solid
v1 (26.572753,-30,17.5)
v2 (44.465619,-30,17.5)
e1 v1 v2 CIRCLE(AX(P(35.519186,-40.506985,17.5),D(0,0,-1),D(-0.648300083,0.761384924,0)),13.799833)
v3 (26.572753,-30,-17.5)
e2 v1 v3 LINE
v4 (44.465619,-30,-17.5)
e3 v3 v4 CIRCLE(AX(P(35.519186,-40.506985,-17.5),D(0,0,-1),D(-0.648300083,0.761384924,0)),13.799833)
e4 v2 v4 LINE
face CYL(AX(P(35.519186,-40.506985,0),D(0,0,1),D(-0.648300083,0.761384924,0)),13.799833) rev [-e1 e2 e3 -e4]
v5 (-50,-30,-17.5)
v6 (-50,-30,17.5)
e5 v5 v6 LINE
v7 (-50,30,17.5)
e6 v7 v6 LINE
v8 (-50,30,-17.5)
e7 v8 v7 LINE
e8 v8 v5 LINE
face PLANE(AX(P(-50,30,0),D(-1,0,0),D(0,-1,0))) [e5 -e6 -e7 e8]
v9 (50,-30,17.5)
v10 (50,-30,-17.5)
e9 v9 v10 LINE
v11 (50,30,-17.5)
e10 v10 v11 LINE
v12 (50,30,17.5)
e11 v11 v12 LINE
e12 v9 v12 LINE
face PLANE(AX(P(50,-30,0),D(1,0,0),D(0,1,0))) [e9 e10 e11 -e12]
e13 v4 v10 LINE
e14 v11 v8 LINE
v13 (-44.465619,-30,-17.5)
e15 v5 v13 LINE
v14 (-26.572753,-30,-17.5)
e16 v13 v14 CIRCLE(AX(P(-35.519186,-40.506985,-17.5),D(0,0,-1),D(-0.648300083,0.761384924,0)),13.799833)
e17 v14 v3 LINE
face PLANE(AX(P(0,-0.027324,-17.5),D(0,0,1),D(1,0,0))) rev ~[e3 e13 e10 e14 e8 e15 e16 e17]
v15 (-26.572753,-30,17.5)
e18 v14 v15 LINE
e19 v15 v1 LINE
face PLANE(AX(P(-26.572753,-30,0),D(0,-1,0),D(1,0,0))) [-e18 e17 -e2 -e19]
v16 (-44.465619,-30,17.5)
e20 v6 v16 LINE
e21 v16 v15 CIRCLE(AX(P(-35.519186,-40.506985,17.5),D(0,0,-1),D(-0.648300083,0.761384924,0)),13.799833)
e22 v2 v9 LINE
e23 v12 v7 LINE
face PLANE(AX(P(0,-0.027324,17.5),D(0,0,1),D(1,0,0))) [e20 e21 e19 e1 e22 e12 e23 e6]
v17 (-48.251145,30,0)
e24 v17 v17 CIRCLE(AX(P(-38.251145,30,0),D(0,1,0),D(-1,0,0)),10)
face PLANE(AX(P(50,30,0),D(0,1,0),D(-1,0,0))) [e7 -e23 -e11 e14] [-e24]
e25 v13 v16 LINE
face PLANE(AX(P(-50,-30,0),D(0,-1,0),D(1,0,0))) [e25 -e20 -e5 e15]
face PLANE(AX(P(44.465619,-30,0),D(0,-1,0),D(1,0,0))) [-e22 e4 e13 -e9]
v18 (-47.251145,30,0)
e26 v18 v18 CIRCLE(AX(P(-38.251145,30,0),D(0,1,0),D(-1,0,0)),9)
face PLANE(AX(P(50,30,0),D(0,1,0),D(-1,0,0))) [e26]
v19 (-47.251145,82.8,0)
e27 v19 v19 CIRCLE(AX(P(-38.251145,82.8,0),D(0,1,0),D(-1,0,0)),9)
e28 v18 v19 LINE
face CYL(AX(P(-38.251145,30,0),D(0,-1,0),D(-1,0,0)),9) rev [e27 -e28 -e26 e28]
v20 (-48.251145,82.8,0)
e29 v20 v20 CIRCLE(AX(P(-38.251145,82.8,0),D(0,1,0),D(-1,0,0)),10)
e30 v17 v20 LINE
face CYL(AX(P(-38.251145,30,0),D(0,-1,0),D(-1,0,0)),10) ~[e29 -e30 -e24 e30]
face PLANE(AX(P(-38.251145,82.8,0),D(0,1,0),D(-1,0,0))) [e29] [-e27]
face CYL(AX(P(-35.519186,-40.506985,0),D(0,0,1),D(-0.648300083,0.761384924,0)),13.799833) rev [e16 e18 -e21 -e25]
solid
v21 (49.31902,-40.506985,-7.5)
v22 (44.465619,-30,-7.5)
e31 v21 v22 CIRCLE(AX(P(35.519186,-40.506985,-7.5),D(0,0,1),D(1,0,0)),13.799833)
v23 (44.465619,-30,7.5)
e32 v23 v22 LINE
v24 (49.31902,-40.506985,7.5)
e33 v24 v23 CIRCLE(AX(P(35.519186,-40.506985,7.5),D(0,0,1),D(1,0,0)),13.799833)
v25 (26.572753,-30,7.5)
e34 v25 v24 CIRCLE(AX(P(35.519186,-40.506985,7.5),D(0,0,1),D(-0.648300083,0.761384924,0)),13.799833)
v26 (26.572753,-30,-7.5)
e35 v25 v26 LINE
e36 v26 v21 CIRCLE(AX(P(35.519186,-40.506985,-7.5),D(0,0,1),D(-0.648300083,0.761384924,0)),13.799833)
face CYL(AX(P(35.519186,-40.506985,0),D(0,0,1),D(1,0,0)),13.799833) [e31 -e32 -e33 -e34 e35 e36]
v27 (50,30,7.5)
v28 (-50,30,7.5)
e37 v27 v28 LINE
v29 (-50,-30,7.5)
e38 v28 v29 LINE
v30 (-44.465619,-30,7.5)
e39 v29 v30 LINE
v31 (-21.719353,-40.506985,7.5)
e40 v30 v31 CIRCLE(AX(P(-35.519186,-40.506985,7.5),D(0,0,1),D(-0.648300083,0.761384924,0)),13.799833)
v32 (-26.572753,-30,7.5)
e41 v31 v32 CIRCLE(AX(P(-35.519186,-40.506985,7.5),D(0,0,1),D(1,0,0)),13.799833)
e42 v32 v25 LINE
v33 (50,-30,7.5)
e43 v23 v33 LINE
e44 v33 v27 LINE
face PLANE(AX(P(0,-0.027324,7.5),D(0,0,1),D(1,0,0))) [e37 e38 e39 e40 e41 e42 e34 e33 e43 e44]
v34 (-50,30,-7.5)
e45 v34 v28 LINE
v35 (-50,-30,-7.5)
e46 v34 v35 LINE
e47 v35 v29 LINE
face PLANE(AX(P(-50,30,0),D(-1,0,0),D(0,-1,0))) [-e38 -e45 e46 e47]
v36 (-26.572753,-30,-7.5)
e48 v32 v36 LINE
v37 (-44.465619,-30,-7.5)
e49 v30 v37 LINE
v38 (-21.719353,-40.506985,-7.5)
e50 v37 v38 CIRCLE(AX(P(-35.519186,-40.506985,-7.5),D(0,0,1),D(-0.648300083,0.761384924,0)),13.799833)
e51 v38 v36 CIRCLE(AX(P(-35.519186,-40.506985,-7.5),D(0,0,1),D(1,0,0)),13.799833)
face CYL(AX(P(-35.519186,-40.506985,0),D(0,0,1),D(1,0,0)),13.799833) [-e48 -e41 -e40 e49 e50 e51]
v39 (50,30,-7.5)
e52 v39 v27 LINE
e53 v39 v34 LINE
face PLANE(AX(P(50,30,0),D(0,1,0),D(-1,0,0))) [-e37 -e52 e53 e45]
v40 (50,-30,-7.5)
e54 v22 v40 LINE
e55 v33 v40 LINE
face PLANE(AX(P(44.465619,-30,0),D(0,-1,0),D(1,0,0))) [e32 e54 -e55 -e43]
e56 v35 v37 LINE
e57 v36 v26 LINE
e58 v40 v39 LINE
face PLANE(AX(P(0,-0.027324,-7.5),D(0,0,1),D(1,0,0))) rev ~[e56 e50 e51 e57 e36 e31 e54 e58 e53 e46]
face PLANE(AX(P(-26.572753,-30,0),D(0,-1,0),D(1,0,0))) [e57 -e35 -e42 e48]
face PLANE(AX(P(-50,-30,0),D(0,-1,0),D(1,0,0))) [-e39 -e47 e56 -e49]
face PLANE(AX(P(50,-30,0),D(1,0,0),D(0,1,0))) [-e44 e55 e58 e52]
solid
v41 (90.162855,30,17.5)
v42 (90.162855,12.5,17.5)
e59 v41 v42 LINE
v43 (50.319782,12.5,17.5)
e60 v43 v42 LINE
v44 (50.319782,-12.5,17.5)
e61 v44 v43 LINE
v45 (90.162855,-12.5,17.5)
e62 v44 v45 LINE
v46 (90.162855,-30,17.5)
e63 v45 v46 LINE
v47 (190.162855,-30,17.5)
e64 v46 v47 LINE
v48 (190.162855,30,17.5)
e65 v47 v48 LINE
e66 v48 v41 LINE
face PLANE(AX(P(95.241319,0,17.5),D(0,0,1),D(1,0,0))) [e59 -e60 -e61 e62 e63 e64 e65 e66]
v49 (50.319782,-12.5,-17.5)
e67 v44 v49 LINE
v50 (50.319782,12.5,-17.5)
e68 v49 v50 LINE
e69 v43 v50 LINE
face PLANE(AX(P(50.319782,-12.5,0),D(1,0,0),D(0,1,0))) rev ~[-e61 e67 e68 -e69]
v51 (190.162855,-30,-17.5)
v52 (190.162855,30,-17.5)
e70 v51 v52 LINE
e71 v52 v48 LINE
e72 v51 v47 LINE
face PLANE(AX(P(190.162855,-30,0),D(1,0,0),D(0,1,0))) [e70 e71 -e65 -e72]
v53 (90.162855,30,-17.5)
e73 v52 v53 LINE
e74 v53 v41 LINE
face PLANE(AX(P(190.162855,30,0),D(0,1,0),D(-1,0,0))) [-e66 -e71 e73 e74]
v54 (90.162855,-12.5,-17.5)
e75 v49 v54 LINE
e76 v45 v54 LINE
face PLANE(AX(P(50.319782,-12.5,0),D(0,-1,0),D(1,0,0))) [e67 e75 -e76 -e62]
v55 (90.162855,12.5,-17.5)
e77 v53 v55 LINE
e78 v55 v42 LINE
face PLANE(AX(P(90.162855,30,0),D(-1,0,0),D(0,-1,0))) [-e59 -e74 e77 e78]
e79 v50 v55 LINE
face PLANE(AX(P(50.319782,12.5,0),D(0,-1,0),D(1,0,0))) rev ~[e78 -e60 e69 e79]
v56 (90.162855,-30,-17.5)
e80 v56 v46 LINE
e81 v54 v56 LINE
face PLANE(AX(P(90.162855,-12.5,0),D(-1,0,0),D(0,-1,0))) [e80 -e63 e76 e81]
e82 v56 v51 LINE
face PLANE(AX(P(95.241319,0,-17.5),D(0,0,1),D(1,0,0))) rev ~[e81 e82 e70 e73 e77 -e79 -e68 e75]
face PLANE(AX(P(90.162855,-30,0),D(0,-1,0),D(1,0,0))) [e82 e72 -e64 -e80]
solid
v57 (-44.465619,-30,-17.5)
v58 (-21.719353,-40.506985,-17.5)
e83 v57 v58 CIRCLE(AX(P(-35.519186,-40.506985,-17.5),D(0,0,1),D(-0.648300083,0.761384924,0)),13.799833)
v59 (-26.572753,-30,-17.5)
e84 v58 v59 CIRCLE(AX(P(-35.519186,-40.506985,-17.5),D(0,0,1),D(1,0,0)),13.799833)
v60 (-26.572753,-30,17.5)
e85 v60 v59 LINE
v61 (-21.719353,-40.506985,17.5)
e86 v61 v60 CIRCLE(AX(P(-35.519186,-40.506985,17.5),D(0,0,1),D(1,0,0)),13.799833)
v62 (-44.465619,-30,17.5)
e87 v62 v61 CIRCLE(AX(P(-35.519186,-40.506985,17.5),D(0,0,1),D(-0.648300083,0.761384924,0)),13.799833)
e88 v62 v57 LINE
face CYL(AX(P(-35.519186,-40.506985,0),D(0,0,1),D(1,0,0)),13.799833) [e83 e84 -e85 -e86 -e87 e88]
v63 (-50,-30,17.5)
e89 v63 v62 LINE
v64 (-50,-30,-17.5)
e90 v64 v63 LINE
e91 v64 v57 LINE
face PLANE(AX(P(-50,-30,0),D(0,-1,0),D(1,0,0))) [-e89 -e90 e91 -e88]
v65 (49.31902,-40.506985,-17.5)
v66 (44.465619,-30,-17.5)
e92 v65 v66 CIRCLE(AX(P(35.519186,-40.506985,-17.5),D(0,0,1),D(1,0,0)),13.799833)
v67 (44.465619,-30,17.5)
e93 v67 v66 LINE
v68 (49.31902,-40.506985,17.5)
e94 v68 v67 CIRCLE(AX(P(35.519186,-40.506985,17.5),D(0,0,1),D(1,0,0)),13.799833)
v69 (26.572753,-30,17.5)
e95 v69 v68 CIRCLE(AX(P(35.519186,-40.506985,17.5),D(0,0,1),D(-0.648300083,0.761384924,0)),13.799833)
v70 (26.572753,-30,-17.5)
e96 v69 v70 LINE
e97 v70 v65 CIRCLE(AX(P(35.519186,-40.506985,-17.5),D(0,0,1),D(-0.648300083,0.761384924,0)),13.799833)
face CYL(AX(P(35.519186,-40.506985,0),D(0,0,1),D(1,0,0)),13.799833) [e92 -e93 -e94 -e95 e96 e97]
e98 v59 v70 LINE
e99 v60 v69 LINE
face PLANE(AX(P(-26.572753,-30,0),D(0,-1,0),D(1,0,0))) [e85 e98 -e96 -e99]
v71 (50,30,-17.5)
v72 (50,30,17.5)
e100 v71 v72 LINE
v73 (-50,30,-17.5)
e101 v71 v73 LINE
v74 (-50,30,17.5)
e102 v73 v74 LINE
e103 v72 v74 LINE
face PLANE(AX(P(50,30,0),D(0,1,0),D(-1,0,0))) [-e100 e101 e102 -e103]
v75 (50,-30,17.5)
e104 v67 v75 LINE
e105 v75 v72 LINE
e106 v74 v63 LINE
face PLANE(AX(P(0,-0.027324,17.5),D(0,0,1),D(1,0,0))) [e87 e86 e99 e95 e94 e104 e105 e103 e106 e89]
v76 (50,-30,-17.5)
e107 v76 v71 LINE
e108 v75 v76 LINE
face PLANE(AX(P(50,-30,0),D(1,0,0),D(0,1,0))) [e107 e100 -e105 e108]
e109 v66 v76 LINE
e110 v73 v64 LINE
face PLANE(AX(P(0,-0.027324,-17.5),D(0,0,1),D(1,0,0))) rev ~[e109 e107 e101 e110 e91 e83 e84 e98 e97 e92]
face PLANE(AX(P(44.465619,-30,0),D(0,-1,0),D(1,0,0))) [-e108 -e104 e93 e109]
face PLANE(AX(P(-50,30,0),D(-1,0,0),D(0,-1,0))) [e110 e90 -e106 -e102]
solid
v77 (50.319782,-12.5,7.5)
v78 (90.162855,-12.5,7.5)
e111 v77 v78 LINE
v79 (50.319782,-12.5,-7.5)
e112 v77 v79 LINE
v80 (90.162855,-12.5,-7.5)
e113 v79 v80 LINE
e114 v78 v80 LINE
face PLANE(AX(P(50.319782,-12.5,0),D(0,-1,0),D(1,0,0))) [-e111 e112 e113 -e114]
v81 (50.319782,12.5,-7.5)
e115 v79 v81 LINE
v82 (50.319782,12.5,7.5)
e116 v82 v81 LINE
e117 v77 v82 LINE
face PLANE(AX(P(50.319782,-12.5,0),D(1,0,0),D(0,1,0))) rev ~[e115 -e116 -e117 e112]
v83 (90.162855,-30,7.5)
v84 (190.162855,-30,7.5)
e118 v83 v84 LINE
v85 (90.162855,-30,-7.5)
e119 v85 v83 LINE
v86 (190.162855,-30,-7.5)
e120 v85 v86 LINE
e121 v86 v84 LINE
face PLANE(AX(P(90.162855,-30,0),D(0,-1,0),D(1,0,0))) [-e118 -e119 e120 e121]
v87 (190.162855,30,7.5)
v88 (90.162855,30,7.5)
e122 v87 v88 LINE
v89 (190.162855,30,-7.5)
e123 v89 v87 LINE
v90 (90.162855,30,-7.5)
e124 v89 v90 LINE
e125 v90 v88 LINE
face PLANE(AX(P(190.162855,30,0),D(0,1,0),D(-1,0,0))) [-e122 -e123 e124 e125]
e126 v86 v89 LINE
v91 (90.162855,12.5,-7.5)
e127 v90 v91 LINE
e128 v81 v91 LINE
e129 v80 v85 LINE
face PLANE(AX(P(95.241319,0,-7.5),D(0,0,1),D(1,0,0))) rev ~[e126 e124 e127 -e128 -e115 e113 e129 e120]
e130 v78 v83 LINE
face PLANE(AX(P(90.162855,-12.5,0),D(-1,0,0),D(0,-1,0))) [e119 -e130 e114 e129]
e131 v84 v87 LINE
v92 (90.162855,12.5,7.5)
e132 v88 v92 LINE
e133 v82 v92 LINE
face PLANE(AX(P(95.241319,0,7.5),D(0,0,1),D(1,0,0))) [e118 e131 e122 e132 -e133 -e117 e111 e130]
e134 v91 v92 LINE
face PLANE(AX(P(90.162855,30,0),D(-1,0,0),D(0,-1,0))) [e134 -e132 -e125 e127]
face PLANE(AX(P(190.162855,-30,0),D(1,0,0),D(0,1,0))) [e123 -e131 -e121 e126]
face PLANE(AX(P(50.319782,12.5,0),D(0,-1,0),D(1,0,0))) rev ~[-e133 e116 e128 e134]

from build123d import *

# Parameters (mm, degrees)
F1_DEPTH = 17.5
F2_R     = 10
F2_R_2   = 9
F3_DEPTH = 52.8
F4_DEPTH = 7.5
F0_W     = 10.1569265127
F0_H     = 25
F0_W_2   = 39.8430734873
F5_DEPTH = 17.5


with BuildPart() as f1:
    # F0 (on Top) → F1 (new body, symmetric)
    with BuildSketch(Plane.XY):
        with BuildLine():
            Line((50, -30), (50, 30))
            Line((50, 30), (-50, 30))
            Line((-50, 30), (-50, -30))
            Line((-50, -30), (-44.4656194828, -30))
            ThreePointArc((-44.4656194828, -30), (-35.5191864073, -26.7071517289), (-26.5727533318, -30))
            Line((-26.5727533318, -30), (26.5727533318, -30))
            ThreePointArc((26.5727533318, -30), (35.5191864073, -26.7071517289), (44.4656194828, -30))
            Line((44.4656194828, -30), (50, -30))
        make_face()
    extrude(amount=F1_DEPTH, both=True)

    # F2 (on face) → F3 (join)
    with BuildSketch(Plane(origin=(0, 30, 0), x_dir=(-1, 0, 0), z_dir=(0, 1, 0))):
        with Locations((38.2511450312, 0)):
            Circle(F2_R)
        with Locations((38.2511450312, 0)):
            Circle(F2_R_2, mode=Mode.SUBTRACT)
    extrude(amount=F3_DEPTH)


with BuildPart() as f4:
    # F0 (on Top) → F4 (new body, symmetric)
    with BuildSketch(Plane.XY):
        with BuildLine():
            Line((50, -30), (50, 30))
            Line((50, 30), (-50, 30))
            Line((-50, 30), (-50, -30))
            Line((-50, -30), (-44.4656194828, -30))
            ThreePointArc((-44.4656194828, -30), (-35.5191864073, -26.7071517289), (-26.5727533318, -30))
            Line((-26.5727533318, -30), (26.5727533318, -30))
            ThreePointArc((26.5727533318, -30), (35.5191864073, -26.7071517289), (44.4656194828, -30))
            Line((44.4656194828, -30), (50, -30))
        make_face()
        with BuildLine():
            ThreePointArc((49.319019717, -40.5069850385), (48.0470490449, -34.7200983878), (44.4656194828, -30))
            Line((44.4656194828, -30), (26.5727533318, -30))
            ThreePointArc((26.5727533318, -30), (29.7322997566, -53.0348476761), (49.319019717, -40.5069850385))
        make_face()
        with BuildLine():
            Line((26.5727533318, -30), (44.4656194828, -30))
            ThreePointArc((44.4656194828, -30), (35.5191864073, -26.7071517289), (26.5727533318, -30))
        make_face()
        with BuildLine():
            ThreePointArc((-26.5727533318, -30), (-35.5191864073, -26.7071517289), (-44.4656194828, -30))
            Line((-44.4656194828, -30), (-26.5727533318, -30))
        make_face()
        with BuildLine():
            Line((-26.5727533318, -30), (-44.4656194828, -30))
            ThreePointArc((-44.4656194828, -30), (-41.306073058, -53.0348476761), (-21.7193530977, -40.5069850385))
            ThreePointArc((-21.7193530977, -40.5069850385), (-22.9913237698, -34.7200983878), (-26.5727533318, -30))
        make_face()
    extrude(amount=F4_DEPTH, both=True)


with BuildPart() as f4b:
    # F0 (on Top) → F4, piece 2 (new body, symmetric)
    with BuildSketch(Plane.XY):
        with Locations((95.2413186431, 0)):
            Rectangle(F0_W, F0_H)
        Polygon((90.1628553867, 12.5), (100.3197818995, 12.5), (100.3197818995, -12.5), (90.1628553867, -12.5), (90.1628553867, -30), (190.1628553867, -30), (190.1628553867, 30), (90.1628553867, 30), align=None)
        with Locations((70.2413186431, 0)):
            Rectangle(F0_W_2, F0_H)
    extrude(amount=F4_DEPTH, both=True)


with BuildPart() as f5:
    # F0 (on Top) → F5 (new body, symmetric)
    with BuildSketch(Plane.XY):
        with BuildLine():
            Line((50, -30), (50, 30))
            Line((50, 30), (-50, 30))
            Line((-50, 30), (-50, -30))
            Line((-50, -30), (-44.4656194828, -30))
            ThreePointArc((-44.4656194828, -30), (-35.5191864073, -26.7071517289), (-26.5727533318, -30))
            Line((-26.5727533318, -30), (26.5727533318, -30))
            ThreePointArc((26.5727533318, -30), (35.5191864073, -26.7071517289), (44.4656194828, -30))
            Line((44.4656194828, -30), (50, -30))
        make_face()
        with BuildLine():
            ThreePointArc((49.319019717, -40.5069850385), (48.0470490449, -34.7200983878), (44.4656194828, -30))
            Line((44.4656194828, -30), (26.5727533318, -30))
            ThreePointArc((26.5727533318, -30), (29.7322997566, -53.0348476761), (49.319019717, -40.5069850385))
        make_face()
        with BuildLine():
            Line((26.5727533318, -30), (44.4656194828, -30))
            ThreePointArc((44.4656194828, -30), (35.5191864073, -26.7071517289), (26.5727533318, -30))
        make_face()
        with BuildLine():
            ThreePointArc((-26.5727533318, -30), (-35.5191864073, -26.7071517289), (-44.4656194828, -30))
            Line((-44.4656194828, -30), (-26.5727533318, -30))
        make_face()
        with BuildLine():
            Line((-26.5727533318, -30), (-44.4656194828, -30))
            ThreePointArc((-44.4656194828, -30), (-41.306073058, -53.0348476761), (-21.7193530977, -40.5069850385))
            ThreePointArc((-21.7193530977, -40.5069850385), (-22.9913237698, -34.7200983878), (-26.5727533318, -30))
        make_face()
    extrude(amount=F5_DEPTH, both=True)


with BuildPart() as f5b:
    # F0 (on Top) → F5, piece 2 (new body, symmetric)
    with BuildSketch(Plane.XY):
        with Locations((95.2413186431, 0)):
            Rectangle(F0_W, F0_H)
        Polygon((90.1628553867, 12.5), (100.3197818995, 12.5), (100.3197818995, -12.5), (90.1628553867, -12.5), (90.1628553867, -30), (190.1628553867, -30), (190.1628553867, 30), (90.1628553867, 30), align=None)
        with Locations((70.2413186431, 0)):
            Rectangle(F0_W_2, F0_H)
    extrude(amount=F5_DEPTH, both=True)


solid = Compound([f1.part, f4.part, f4b.part, f5.part, f5b.part])
